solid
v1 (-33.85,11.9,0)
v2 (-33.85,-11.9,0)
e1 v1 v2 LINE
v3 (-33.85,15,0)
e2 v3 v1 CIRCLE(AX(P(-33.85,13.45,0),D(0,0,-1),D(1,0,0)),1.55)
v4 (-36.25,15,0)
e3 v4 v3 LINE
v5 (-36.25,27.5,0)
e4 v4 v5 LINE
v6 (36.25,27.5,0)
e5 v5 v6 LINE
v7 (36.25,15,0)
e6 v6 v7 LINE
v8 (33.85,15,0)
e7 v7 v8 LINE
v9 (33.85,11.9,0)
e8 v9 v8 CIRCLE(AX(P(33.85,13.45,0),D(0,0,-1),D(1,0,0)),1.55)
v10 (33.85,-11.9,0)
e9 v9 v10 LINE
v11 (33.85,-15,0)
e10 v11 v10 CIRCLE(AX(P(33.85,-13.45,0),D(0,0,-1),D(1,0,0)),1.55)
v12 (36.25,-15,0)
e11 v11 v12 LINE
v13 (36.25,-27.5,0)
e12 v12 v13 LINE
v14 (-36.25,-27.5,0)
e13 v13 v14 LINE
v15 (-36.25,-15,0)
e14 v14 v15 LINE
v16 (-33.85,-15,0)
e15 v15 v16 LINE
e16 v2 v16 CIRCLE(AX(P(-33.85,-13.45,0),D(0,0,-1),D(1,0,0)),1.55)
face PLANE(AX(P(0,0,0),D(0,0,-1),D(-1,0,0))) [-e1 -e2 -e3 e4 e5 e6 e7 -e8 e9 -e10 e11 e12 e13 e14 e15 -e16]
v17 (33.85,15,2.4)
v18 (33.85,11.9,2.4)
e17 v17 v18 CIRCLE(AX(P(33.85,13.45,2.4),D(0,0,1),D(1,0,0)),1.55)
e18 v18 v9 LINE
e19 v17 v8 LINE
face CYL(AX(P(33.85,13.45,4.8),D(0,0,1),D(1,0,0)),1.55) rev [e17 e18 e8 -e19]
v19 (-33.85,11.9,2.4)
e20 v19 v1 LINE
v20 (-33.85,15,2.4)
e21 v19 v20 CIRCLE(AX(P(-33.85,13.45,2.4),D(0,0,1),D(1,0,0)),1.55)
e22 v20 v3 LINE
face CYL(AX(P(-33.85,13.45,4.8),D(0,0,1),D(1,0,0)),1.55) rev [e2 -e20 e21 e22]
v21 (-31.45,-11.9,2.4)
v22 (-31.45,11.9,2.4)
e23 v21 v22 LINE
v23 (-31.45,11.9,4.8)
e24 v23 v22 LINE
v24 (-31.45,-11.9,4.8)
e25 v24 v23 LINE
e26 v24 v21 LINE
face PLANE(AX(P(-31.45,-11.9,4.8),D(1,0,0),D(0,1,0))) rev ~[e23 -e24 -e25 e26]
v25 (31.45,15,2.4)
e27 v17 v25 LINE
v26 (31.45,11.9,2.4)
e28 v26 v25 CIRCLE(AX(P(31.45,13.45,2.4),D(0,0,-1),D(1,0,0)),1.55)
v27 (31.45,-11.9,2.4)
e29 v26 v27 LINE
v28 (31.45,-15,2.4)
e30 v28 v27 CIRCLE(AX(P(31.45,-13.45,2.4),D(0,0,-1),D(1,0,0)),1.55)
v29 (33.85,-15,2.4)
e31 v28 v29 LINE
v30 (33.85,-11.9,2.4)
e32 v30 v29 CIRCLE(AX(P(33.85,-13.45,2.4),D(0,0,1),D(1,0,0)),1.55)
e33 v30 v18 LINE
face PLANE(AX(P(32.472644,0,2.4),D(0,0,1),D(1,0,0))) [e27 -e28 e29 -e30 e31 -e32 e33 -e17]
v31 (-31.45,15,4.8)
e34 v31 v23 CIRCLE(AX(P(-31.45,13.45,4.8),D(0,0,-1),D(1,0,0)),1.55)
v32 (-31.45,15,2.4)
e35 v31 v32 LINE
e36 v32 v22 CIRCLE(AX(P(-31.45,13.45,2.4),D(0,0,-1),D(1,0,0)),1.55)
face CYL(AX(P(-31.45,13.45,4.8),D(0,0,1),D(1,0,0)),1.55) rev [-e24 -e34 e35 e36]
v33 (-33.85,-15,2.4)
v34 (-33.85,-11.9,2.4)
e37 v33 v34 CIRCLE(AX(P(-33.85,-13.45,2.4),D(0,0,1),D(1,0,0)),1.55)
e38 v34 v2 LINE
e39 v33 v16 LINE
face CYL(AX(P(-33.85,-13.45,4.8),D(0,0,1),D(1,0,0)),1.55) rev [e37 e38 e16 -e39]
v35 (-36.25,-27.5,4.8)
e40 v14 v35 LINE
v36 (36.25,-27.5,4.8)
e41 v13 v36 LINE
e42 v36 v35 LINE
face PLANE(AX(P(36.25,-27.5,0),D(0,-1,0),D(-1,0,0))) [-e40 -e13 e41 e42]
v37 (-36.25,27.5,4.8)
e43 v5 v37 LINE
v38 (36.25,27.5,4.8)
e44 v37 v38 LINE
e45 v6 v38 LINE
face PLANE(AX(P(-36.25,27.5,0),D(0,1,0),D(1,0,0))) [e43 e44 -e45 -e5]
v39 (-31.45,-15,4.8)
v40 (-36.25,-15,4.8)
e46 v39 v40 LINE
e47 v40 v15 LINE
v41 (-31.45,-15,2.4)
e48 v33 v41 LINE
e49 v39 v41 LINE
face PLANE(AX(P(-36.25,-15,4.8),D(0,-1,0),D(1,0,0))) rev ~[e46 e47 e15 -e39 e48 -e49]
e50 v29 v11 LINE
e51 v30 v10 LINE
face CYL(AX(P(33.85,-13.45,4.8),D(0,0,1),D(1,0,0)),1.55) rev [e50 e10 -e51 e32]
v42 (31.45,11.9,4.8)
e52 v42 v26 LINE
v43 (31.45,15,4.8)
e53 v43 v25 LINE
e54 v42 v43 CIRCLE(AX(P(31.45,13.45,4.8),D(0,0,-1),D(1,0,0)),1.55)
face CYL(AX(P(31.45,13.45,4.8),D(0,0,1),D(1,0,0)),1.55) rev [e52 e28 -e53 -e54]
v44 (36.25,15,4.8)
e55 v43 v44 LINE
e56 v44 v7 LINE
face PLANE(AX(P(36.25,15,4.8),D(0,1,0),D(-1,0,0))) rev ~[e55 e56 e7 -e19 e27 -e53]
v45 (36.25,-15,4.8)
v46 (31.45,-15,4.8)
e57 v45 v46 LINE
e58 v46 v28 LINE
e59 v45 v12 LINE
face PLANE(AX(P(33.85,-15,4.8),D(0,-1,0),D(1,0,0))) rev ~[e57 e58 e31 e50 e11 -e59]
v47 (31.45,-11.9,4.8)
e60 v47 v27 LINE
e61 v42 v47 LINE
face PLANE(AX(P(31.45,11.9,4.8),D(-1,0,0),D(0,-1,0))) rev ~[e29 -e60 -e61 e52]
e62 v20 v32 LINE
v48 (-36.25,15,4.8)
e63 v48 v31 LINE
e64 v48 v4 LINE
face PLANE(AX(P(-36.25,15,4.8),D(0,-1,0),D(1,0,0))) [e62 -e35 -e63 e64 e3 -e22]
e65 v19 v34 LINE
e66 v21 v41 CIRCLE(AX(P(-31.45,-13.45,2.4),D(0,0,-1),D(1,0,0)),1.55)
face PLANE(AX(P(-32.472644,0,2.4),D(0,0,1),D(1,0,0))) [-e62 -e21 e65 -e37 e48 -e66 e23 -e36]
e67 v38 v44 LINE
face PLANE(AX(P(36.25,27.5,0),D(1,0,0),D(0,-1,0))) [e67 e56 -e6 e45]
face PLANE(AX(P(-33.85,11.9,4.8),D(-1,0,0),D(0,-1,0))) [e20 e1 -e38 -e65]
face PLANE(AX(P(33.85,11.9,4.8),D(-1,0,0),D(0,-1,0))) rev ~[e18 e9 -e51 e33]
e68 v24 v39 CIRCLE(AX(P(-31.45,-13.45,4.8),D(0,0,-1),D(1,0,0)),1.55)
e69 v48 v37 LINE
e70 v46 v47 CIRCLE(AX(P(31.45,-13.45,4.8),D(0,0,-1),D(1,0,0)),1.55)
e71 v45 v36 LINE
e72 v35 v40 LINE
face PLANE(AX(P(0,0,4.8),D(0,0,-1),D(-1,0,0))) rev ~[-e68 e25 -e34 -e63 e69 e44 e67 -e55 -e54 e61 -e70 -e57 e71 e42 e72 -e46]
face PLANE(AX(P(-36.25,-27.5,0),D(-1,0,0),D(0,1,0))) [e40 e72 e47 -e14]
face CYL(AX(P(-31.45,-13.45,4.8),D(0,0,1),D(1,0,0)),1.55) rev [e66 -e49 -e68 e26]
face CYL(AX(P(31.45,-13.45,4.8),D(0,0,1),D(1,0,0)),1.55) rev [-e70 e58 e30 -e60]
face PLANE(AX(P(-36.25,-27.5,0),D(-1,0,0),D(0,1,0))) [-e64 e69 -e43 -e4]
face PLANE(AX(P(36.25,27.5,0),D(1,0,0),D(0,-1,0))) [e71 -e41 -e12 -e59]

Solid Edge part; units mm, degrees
sketch "Sketch1" plane through (0, 0, 0) normal (0, 0, 1) x (1, 0, 0)
  line L0 (-36.25, 27.5) -> (36.25, 27.5)
  line L1 (36.25, 27.5) -> (36.25, -27.5)
  line L2 (36.25, -27.5) -> (-36.25, -27.5)
  line L3 (-36.25, -27.5) -> (-36.25, 27.5)
extrude "ExtrudedProtrusion_7" add sketch "Sketch1" along normal blind 4.8
sketch "Sketch2" plane through (0, 0, 4.8) normal (0, 0, 1) x (1, 0, 0)
  line L0 (-33.85, -15) -> (-31.45, -15)
  line L1 (-31.45, -11.9) -> (-31.45, 11.9)
  line L2 (-33.85, 15) -> (-31.45, 15)
  line L3 (-33.85, 15) -> (-33.85, -15)
  arc A0 (-31.45, -11.9) -> (-31.45, -15) centre (-31.45, -13.45) cw
  arc A1 (-31.45, 15) -> (-31.45, 11.9) centre (-31.45, 13.45) cw
  line L4 (31.45, -15) -> (33.85, -15)
  line L5 (33.85, -15) -> (33.85, 15)
  line L6 (33.85, 15) -> (31.45, 15)
  line L7 (31.45, 11.9) -> (31.45, -11.9)
  arc A2 (31.45, 11.9) -> (31.45, 15) centre (31.45, 13.45) cw
  arc A3 (31.45, -15) -> (31.45, -11.9) centre (31.45, -13.45) cw
extrude "ExtrudedCutout_13" cut sketch "Sketch2" against normal blind 2.4
sketch "Sketch3" plane through (0, 0, 4.8) normal (0, 0, 1) x (1, 0, 0)
  line L0 (-33.85, 11.9) -> (-33.85, -11.9)
  line L1 (-36.25, -15) -> (-33.85, -15)
  line L2 (-36.25, 15) -> (-36.25, -15)
  line L3 (-36.25, 15) -> (-33.85, 15)
  arc A0 (-33.85, 15) -> (-33.85, 11.9) centre (-33.85, 13.45) cw
  arc A1 (-33.85, -11.9) -> (-33.85, -15) centre (-33.85, -13.45) cw
  line L4 (36.25, 15) -> (33.85, 15)
  line L5 (36.25, -15) -> (36.25, 15)
  line L6 (33.85, -15) -> (36.25, -15)
  line L7 (33.85, 11.9) -> (33.85, -11.9)
  arc A2 (33.85, 11.9) -> (33.85, 15) centre (33.85, 13.45) cw
  arc A3 (33.85, -15) -> (33.85, -11.9) centre (33.85, -13.45) cw
extrude "ExtrudedCutout_14" cut sketch "Sketch3" against normal blind 4.8
properties material "Polycarbonate"
